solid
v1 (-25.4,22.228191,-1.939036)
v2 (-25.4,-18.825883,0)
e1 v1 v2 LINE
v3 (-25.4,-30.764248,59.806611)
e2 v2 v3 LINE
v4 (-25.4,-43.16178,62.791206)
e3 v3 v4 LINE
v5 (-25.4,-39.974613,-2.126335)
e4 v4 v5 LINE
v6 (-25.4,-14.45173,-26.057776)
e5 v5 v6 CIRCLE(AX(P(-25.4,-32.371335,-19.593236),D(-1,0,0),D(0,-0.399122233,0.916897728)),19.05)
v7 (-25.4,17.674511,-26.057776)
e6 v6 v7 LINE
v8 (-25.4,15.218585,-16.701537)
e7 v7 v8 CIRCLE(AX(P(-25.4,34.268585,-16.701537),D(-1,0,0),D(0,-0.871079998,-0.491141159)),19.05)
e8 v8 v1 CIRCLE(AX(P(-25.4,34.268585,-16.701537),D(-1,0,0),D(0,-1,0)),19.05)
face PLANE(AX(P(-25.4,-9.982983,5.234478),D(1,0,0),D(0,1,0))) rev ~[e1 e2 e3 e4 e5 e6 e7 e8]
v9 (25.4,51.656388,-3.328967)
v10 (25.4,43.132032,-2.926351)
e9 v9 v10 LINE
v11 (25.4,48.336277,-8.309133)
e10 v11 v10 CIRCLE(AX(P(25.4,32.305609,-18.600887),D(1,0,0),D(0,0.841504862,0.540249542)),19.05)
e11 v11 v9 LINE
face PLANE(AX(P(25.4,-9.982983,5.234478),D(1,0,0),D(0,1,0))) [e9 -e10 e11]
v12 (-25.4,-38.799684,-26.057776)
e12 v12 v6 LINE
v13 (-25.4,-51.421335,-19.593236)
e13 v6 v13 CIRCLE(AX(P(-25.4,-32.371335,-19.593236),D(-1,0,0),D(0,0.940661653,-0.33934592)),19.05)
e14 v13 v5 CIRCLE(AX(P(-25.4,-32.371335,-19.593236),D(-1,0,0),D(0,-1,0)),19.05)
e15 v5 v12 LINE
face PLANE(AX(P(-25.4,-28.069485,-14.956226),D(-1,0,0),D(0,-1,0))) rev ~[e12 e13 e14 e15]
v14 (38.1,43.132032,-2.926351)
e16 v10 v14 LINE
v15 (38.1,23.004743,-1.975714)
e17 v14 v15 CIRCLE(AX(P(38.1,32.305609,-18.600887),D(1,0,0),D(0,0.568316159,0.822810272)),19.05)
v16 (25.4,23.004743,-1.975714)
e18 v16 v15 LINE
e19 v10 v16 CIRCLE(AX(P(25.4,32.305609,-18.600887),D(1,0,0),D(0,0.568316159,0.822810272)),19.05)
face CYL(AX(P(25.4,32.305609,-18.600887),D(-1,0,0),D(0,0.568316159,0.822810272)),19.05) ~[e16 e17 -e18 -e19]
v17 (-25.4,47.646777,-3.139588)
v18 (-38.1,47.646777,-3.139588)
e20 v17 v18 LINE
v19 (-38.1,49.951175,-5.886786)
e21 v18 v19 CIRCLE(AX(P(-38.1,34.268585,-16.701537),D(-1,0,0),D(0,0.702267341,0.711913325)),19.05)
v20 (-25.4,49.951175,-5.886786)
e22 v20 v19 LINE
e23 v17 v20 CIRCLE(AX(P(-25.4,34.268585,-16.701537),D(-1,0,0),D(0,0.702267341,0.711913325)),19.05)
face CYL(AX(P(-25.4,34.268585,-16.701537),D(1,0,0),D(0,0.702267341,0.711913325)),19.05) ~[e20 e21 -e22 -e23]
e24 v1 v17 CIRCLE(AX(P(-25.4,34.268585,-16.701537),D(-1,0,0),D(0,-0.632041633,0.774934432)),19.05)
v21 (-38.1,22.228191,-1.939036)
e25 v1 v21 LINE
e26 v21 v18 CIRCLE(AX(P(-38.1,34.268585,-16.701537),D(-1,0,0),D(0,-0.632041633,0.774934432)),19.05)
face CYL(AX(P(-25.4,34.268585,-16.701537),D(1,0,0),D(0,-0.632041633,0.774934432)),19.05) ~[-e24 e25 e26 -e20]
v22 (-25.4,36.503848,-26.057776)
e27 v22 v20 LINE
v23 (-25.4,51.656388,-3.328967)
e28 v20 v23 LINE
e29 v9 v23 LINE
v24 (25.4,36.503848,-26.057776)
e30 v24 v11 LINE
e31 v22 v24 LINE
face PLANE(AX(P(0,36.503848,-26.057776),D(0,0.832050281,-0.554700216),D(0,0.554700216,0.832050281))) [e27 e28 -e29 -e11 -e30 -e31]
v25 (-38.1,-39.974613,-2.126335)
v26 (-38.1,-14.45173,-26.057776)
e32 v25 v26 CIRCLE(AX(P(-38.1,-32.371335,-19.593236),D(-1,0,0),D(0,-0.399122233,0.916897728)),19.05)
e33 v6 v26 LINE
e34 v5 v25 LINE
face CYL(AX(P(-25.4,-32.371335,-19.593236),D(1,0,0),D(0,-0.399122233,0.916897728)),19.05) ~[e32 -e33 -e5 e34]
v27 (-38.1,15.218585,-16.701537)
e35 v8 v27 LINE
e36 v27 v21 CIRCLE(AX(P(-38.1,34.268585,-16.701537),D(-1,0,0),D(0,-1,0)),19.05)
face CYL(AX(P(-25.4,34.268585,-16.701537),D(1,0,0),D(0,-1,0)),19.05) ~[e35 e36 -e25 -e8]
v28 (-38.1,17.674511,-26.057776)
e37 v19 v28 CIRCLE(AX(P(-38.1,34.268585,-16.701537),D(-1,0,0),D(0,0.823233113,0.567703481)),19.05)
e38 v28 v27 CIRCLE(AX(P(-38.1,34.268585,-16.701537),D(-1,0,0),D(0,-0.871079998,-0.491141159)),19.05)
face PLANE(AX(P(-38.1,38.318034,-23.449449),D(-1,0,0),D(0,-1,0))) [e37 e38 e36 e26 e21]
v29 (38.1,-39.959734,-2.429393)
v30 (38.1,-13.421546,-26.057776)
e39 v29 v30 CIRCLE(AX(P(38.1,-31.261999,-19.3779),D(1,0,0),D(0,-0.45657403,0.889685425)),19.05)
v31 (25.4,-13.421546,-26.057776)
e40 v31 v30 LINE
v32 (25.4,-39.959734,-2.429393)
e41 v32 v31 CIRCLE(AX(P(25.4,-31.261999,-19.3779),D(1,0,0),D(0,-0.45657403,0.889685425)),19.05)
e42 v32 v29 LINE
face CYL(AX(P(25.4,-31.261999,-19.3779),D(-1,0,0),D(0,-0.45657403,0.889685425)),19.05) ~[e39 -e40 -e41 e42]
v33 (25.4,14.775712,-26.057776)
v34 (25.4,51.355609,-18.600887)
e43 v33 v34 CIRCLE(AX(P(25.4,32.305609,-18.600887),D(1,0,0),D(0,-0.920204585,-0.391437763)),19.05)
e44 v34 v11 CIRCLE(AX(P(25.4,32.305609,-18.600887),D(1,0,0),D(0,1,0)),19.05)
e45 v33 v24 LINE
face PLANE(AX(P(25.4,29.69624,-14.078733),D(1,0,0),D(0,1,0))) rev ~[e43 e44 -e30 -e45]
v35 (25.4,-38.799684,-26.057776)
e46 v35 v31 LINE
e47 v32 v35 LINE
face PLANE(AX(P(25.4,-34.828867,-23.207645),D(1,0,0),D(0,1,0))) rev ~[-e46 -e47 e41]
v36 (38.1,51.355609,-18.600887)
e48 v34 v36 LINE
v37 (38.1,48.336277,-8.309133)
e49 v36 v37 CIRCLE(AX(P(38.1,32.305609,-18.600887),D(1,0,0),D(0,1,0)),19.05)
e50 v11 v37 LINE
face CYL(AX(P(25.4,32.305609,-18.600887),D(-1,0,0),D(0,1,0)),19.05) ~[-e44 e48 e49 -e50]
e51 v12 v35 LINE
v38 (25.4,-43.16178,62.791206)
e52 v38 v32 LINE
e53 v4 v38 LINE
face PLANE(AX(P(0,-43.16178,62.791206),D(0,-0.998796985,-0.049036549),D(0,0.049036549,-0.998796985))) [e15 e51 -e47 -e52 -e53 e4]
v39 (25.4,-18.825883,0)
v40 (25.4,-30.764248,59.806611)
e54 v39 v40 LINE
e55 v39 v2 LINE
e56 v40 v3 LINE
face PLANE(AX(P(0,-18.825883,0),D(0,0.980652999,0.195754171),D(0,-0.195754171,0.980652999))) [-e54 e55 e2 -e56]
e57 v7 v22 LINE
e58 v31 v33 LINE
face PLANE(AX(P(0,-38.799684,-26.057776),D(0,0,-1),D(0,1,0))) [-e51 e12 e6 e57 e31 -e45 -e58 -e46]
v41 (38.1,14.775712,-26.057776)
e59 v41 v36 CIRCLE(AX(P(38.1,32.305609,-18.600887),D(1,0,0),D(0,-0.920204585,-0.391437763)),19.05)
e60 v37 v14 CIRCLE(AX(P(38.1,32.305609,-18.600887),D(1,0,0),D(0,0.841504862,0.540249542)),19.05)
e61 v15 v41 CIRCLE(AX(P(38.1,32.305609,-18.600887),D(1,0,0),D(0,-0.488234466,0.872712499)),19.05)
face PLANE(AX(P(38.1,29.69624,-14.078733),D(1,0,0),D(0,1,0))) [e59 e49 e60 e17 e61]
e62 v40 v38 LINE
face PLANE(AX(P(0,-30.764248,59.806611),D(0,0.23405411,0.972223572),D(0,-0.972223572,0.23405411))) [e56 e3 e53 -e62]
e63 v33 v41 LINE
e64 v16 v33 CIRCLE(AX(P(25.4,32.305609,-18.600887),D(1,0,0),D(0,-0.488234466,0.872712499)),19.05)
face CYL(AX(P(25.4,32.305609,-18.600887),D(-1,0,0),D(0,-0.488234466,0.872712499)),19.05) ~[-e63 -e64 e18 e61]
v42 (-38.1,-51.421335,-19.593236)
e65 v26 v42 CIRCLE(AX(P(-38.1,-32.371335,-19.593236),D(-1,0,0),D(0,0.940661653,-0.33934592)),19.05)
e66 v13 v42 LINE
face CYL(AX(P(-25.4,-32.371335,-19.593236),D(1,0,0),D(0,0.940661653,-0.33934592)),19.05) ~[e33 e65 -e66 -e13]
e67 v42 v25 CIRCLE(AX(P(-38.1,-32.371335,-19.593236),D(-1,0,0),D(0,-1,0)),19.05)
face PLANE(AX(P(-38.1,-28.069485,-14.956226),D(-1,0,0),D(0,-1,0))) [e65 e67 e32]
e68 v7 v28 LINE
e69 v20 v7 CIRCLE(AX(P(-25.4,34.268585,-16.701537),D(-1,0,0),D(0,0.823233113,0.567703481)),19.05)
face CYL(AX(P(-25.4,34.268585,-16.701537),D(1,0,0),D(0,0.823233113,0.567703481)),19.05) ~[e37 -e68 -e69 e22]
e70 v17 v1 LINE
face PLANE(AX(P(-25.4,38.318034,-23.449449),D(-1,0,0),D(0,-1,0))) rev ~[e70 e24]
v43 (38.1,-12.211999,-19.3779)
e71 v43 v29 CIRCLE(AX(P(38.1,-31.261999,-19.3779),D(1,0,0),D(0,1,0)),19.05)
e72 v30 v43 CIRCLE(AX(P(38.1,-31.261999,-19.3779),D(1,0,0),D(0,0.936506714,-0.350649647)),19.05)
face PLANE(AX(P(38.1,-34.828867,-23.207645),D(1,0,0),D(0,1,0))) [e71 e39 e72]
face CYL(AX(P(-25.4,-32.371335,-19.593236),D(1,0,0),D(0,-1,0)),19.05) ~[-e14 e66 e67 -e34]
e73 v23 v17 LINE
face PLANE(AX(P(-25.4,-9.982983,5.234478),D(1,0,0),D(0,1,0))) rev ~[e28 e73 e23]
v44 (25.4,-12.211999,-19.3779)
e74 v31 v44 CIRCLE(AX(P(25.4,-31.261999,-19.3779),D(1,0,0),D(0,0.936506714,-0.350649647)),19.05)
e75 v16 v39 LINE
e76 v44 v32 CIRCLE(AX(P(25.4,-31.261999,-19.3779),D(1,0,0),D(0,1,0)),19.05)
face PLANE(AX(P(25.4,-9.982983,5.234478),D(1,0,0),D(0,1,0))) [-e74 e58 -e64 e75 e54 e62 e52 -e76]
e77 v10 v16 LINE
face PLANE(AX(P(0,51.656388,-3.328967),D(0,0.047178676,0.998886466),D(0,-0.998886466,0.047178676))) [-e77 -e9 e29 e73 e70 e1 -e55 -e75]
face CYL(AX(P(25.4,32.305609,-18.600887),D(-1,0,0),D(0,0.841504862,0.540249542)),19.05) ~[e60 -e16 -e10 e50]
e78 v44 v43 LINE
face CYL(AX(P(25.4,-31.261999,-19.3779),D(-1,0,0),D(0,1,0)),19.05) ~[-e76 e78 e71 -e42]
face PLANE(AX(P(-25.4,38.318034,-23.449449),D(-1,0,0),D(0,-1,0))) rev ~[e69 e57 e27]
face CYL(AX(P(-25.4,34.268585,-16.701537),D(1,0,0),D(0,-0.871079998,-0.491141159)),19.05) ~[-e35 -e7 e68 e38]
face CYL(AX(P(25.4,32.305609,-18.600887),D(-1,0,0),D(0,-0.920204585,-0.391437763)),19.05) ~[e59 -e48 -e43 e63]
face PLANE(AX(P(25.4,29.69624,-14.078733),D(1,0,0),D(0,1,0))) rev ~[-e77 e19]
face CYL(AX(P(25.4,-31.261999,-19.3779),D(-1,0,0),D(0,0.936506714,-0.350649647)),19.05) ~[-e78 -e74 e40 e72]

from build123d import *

# Parameters (mm, degrees)
F1_DEPTH = 25.4
F3_DEPTH = 12.7
F5_DEPTH = 12.7


with BuildPart() as f1:
    # F0 (on Right) → F1 (new body, symmetric)
    with BuildSketch(Plane.YZ):
        Polygon((-30.7642482221, 59.8066113889), (-43.1617796421, 62.7912059426), (-38.7996844947, -26.0577760637), (36.5038476884, -26.0577760637), (51.6563877463, -3.328967141), (-18.8258830458, 0), align=None)
    extrude(amount=F1_DEPTH, both=True)

    # F2 (on face) → F3 (join)
    with BuildSketch(Plane.YZ.offset(25.4)):
        with BuildLine():
            Line((-38.7996844947, -26.0577760637), (-39.9597344248, -2.4293929413))
            ThreePointArc((-39.9597344248, -2.4293929413), (-43.9297710113, -33.6056919757), (-13.4215462618, -26.0577760637))
            Line((-13.4215462618, -26.0577760637), (-38.7996844947, -26.0577760637))
        make_face()
        with BuildLine():
            ThreePointArc((23.0047428651, -1.9757135742), (14.2789928232, -12.4410495521), (14.7757120925, -26.0577760637))
            Line((14.7757120925, -26.0577760637), (36.5038476884, -26.0577760637))
            Line((36.5038476884, -26.0577760637), (48.3362770566, -8.3091329206))
            ThreePointArc((48.3362770566, -8.3091329206), (46.0012077103, -5.3595465788), (43.1320322619, -2.9263510081))
            Line((43.1320322619, -2.9263510081), (23.0047428651, -1.9757135742))
        make_face()
        with BuildLine():
            Line((36.5038476884, -26.0577760637), (14.7757120925, -26.0577760637))
            ThreePointArc((14.7757120925, -26.0577760637), (36.1107346383, -37.2669929283), (51.3556094348, -18.6008866876))
            ThreePointArc((51.3556094348, -18.6008866876), (50.585198027, -13.2381317144), (48.3362770566, -8.3091329206))
            Line((48.3362770566, -8.3091329206), (36.5038476884, -26.0577760637))
        make_face()
        with BuildLine():
            ThreePointArc((43.1320322619, -2.9263510081), (33.2043632144, 0.427900495), (23.0047428651, -1.9757135742))
            Line((23.0047428651, -1.9757135742), (43.1320322619, -2.9263510081))
        make_face()
        with BuildLine():
            ThreePointArc((-13.4215462618, -26.0577760637), (-12.5168247449, -22.7721507415), (-12.2119991601, -19.3779002875))
            ThreePointArc((-12.2119991601, -19.3779002875), (-21.3319779313, -3.1206810174), (-39.9597344248, -2.4293929413))
            Line((-39.9597344248, -2.4293929413), (-38.7996844947, -26.0577760637))
            Line((-38.7996844947, -26.0577760637), (-13.4215462618, -26.0577760637))
        make_face()
    extrude(amount=F3_DEPTH)

    # F4 (on face) → F5 (join)
    with BuildSketch(Plane(origin=(-25.4, 0, 0), x_dir=(0, -1, 0), z_dir=(-1, 0, 0))):
        with BuildLine():
            ThreePointArc((-49.9511753023, -5.886785676), (-44.364371435, -32.8563377087), (-17.6745105539, -26.0577760637))
            Line((-17.6745105539, -26.0577760637), (-36.5038476884, -26.0577760637))
            Line((-36.5038476884, -26.0577760637), (-49.9511753023, -5.886785676))
        make_face()
        with BuildLine():
            ThreePointArc((-17.6745105539, -26.0577760637), (-15.8427926815, -21.5381365786), (-15.2185845072, -16.7015369886))
            ThreePointArc((-15.2185845072, -16.7015369886), (-17.0599821691, -8.5304596075), (-22.2281913909, -1.9390360621))
            Line((-22.2281913909, -1.9390360621), (-47.6467773495, -3.1395881509))
            ThreePointArc((-47.6467773495, -3.1395881509), (-48.8637569956, -4.4588477401), (-49.9511753023, -5.886785676))
            Line((-49.9511753023, -5.886785676), (-36.5038476884, -26.0577760637))
            Line((-36.5038476884, -26.0577760637), (-17.6745105539, -26.0577760637))
        make_face()
        with BuildLine():
            Line((-47.6467773495, -3.1395881509), (-22.2281913909, -1.9390360621))
            ThreePointArc((-22.2281913909, -1.9390360621), (-35.1673382867, 2.3272501941), (-47.6467773495, -3.1395881509))
        make_face()
        with BuildLine():
            ThreePointArc((39.9746132614, -2.1263345619), (19.3411728577, -5.6965682778), (14.4517302333, -26.0577760637))
            Line((14.4517302333, -26.0577760637), (38.7996844947, -26.0577760637))
            Line((38.7996844947, -26.0577760637), (39.9746132614, -2.1263345619))
        make_face()
        with BuildLine():
            Line((38.7996844947, -26.0577760637), (14.4517302333, -26.0577760637))
            ThreePointArc((14.4517302333, -26.0577760637), (35.6526480592, -38.358509601), (51.4213347316, -19.5932362791))
            ThreePointArc((51.4213347316, -19.5932362791), (48.3047109587, -9.151492076), (39.9746132614, -2.1263345619))
            Line((39.9746132614, -2.1263345619), (38.7996844947, -26.0577760637))
        make_face()
    extrude(amount=F5_DEPTH)


solid = f1.part
